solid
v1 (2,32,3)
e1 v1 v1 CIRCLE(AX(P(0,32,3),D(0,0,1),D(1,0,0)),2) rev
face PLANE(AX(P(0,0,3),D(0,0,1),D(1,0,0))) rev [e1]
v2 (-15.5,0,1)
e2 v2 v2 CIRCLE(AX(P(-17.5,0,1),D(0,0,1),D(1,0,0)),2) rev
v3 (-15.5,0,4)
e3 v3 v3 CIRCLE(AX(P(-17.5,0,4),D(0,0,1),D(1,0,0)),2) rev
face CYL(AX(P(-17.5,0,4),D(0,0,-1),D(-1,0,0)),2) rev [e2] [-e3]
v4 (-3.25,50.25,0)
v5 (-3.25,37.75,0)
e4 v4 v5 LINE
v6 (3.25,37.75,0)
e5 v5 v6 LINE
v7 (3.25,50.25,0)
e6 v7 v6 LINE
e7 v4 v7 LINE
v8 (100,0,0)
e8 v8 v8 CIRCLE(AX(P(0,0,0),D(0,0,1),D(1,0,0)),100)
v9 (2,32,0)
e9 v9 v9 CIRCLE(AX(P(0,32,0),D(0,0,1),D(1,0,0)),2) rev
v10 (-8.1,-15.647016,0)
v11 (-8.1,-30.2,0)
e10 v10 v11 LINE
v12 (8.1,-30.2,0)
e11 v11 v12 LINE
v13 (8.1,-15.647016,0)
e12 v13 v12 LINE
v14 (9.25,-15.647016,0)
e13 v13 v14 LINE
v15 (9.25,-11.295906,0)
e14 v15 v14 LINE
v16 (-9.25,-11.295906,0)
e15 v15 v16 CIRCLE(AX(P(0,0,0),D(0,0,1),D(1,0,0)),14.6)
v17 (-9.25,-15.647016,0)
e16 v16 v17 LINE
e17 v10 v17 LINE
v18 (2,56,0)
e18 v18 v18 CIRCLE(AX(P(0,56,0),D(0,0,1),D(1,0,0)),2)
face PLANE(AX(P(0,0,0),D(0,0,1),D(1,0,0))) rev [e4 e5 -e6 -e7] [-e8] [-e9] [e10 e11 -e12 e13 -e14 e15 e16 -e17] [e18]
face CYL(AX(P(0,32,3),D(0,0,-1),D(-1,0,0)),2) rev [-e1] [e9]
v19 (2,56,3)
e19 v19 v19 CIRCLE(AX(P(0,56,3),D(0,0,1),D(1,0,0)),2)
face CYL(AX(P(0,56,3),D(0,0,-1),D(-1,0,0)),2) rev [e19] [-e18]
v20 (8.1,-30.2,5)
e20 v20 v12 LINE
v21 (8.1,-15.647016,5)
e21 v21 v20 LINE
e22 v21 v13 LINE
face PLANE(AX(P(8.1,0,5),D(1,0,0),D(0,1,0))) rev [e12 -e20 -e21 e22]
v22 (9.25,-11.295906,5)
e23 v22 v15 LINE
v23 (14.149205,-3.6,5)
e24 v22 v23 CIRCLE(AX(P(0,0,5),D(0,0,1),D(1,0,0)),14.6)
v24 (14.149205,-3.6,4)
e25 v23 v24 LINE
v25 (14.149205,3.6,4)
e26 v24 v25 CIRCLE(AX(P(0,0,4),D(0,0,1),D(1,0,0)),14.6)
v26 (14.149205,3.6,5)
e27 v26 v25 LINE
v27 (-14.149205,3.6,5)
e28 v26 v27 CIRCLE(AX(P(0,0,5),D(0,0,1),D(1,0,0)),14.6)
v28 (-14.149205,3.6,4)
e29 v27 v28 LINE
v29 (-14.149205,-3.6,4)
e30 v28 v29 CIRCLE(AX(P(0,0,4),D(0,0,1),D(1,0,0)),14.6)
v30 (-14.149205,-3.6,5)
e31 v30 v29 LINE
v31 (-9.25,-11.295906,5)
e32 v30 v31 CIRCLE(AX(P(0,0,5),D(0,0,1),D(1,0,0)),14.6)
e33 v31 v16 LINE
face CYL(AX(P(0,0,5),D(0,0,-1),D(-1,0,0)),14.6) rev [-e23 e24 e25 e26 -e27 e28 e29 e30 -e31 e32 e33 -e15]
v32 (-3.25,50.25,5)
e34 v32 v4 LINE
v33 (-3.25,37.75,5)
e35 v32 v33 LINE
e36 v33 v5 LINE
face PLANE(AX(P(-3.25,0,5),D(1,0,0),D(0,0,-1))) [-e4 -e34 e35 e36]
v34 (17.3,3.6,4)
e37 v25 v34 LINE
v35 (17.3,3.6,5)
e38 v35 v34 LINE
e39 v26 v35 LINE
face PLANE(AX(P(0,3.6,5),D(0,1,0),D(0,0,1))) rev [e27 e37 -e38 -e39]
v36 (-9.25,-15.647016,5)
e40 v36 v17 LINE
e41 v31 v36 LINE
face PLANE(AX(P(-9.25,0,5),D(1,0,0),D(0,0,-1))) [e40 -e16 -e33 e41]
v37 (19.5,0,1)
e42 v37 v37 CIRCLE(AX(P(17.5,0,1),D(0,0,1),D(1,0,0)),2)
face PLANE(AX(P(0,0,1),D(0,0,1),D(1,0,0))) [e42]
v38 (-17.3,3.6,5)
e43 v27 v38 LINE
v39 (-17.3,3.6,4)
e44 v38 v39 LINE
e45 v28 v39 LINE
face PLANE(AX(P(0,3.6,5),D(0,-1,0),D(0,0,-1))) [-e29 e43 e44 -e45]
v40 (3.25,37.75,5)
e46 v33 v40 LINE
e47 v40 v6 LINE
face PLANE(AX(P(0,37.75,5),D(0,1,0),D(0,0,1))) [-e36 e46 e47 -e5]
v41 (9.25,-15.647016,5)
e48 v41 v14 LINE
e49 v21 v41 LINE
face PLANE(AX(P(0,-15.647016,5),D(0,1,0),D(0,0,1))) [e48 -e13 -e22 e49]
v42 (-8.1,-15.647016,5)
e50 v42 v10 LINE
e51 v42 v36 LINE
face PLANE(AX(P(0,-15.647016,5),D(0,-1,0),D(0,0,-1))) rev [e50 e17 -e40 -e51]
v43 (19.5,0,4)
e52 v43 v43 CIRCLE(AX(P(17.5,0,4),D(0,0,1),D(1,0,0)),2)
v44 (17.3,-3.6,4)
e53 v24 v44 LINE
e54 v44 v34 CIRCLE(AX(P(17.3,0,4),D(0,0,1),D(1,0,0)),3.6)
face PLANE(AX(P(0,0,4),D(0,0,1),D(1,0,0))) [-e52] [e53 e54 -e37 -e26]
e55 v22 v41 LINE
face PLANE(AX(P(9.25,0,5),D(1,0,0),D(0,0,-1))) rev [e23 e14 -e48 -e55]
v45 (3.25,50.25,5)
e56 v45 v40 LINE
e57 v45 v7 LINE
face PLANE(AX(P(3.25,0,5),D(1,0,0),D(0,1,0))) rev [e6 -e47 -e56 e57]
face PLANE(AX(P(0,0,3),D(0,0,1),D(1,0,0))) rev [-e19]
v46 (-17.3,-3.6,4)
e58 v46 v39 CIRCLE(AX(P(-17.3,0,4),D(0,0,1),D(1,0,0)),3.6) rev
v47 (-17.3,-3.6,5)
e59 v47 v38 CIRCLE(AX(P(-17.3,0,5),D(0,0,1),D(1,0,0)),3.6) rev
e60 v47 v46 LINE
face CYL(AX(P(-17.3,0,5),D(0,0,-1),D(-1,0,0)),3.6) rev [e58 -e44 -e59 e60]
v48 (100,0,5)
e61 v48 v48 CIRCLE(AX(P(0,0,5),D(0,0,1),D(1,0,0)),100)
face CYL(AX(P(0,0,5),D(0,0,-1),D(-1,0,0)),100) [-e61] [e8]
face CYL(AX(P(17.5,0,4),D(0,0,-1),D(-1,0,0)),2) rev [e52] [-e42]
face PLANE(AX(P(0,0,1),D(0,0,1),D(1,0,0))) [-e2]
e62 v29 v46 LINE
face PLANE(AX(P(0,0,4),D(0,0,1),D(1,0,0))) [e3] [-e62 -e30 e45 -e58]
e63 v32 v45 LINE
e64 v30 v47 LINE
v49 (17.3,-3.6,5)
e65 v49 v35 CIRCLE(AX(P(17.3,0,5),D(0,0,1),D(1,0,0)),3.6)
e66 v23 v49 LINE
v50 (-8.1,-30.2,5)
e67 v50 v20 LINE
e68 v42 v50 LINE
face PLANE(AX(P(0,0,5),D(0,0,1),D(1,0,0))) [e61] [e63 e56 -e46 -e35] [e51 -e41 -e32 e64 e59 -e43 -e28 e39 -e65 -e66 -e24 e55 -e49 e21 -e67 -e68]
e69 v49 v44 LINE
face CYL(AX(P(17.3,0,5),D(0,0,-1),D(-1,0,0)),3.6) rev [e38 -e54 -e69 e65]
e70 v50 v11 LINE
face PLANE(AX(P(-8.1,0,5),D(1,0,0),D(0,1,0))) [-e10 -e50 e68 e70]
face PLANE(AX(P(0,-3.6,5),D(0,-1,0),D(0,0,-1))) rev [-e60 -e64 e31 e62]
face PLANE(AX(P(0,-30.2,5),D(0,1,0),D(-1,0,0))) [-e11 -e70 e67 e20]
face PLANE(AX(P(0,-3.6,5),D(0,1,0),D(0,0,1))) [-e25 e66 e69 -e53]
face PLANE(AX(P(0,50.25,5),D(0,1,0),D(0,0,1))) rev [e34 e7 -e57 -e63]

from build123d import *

# Parameters (mm, degrees)
SKETCH1_R           = 100
SKETCH1_R_2         = 2
SKETCH1_W           = 6.5
SKETCH1_H           = 12.5
BOSS_EXTRUDE1_DEPTH = 5
SKETCH1_3_R         = 2
BOSS_EXTRUDE2_DEPTH = 4
SKETCH1_4_R         = 2
BOSS_EXTRUDE3_DEPTH = 1
SKETCH1_6_R         = 2
BOSS_EXTRUDE6_DEPTH = 5
SKETCH1_7_R         = 2
CUT_EXTRUDE1_DEPTH  = 3


with BuildPart() as part:
    # Sketch1 → Boss-Extrude1 (new body)
    with BuildSketch(Plane.XY):
        Circle(SKETCH1_R)
        with BuildLine():
            Line((-17.3, 3.6), (-14.149204925, 3.6))
            ThreePointArc((-14.149204925, 3.6), (0, 14.6), (14.149204925, 3.6))
            Line((14.149204925, 3.6), (17.3, 3.6))
            ThreePointArc((17.3, 3.6), (20.9, 0), (17.3, -3.6))
            Line((17.3, -3.6), (14.149204925, -3.6))
            ThreePointArc((14.149204925, -3.6), (12.316145556, -7.840443778), (9.25, -11.295906338))
            Line((9.25, -11.295906338), (9.25, -15.647016094))
            Line((9.25, -15.647016094), (8.1, -15.647016094))
            Line((8.1, -15.647016094), (8.1, -30.2))
            Line((8.1, -30.2), (-8.1, -30.2))
            Line((-8.1, -30.2), (-8.1, -15.647016094))
            Line((-8.1, -15.647016094), (-9.25, -15.647016094))
            Line((-9.25, -15.647016094), (-9.25, -11.295906338))
            ThreePointArc((-9.25, -11.295906338), (-12.316145556, -7.840443778), (-14.149204925, -3.6))
            Line((-14.149204925, -3.6), (-17.3, -3.6))
            ThreePointArc((-17.3, -3.6), (-20.9, 0), (-17.3, 3.6))
        make_face(mode=Mode.SUBTRACT)
        with Locations((0, 32)):
            Circle(SKETCH1_R_2, mode=Mode.SUBTRACT)
        with Locations((0, 44)):
            Rectangle(SKETCH1_W, SKETCH1_H, mode=Mode.SUBTRACT)
        with Locations((0, 56)):
            Circle(SKETCH1_R_2, mode=Mode.SUBTRACT)
    extrude(amount=BOSS_EXTRUDE1_DEPTH)

    # Sketch1<3> → Boss-Extrude2 (add)
    # profile 1 of 2: a face of its own
    with BuildSketch(Plane.XY):
        with BuildLine():
            ThreePointArc((-14.149204925, -3.6), (-14.6, 0), (-14.149204925, 3.6))
            Line((-14.149204925, 3.6), (-17.3, 3.6))
            ThreePointArc((-17.3, 3.6), (-20.9, 0), (-17.3, -3.6))
            Line((-17.3, -3.6), (-14.149204925, -3.6))
        make_face()
        with Locations((-17.5, 0)):
            Circle(SKETCH1_3_R, mode=Mode.SUBTRACT)
    # profile 2 of 2: a face of its own
    with BuildSketch(Plane.XY):
        with BuildLine():
            Line((17.3, 3.6), (14.149204925, 3.6))
            ThreePointArc((14.149204925, 3.6), (14.6, 0), (14.149204925, -3.6))
            Line((14.149204925, -3.6), (17.3, -3.6))
            ThreePointArc((17.3, -3.6), (20.9, 0), (17.3, 3.6))
        make_face()
        with Locations((17.5, 0)):
            Circle(SKETCH1_3_R, mode=Mode.SUBTRACT)
    extrude(amount=BOSS_EXTRUDE2_DEPTH)

    # Sketch1<4> → Boss-Extrude3 (add)
    with BuildSketch(Plane.XY):
        with Locations((-17.5, 0)):
            Circle(SKETCH1_4_R)
        with Locations((17.5, 0)):
            Circle(SKETCH1_4_R)
    extrude(amount=BOSS_EXTRUDE3_DEPTH)

    # Sketch1<6> → Boss-Extrude6 (add)
    with BuildSketch(Plane.XY):
        with Locations((0, 56)):
            Circle(SKETCH1_6_R)
        with Locations((0, 32)):
            Circle(SKETCH1_6_R)
    extrude(amount=BOSS_EXTRUDE6_DEPTH)

    # Sketch1<7> → Cut-Extrude1 (cut)
    with BuildSketch(Plane.XY):
        with Locations((0, 32)):
            Circle(SKETCH1_7_R)
        with Locations((0, 56)):
            Circle(SKETCH1_7_R)
    extrude(amount=CUT_EXTRUDE1_DEPTH, mode=Mode.SUBTRACT)


solid = part.part
